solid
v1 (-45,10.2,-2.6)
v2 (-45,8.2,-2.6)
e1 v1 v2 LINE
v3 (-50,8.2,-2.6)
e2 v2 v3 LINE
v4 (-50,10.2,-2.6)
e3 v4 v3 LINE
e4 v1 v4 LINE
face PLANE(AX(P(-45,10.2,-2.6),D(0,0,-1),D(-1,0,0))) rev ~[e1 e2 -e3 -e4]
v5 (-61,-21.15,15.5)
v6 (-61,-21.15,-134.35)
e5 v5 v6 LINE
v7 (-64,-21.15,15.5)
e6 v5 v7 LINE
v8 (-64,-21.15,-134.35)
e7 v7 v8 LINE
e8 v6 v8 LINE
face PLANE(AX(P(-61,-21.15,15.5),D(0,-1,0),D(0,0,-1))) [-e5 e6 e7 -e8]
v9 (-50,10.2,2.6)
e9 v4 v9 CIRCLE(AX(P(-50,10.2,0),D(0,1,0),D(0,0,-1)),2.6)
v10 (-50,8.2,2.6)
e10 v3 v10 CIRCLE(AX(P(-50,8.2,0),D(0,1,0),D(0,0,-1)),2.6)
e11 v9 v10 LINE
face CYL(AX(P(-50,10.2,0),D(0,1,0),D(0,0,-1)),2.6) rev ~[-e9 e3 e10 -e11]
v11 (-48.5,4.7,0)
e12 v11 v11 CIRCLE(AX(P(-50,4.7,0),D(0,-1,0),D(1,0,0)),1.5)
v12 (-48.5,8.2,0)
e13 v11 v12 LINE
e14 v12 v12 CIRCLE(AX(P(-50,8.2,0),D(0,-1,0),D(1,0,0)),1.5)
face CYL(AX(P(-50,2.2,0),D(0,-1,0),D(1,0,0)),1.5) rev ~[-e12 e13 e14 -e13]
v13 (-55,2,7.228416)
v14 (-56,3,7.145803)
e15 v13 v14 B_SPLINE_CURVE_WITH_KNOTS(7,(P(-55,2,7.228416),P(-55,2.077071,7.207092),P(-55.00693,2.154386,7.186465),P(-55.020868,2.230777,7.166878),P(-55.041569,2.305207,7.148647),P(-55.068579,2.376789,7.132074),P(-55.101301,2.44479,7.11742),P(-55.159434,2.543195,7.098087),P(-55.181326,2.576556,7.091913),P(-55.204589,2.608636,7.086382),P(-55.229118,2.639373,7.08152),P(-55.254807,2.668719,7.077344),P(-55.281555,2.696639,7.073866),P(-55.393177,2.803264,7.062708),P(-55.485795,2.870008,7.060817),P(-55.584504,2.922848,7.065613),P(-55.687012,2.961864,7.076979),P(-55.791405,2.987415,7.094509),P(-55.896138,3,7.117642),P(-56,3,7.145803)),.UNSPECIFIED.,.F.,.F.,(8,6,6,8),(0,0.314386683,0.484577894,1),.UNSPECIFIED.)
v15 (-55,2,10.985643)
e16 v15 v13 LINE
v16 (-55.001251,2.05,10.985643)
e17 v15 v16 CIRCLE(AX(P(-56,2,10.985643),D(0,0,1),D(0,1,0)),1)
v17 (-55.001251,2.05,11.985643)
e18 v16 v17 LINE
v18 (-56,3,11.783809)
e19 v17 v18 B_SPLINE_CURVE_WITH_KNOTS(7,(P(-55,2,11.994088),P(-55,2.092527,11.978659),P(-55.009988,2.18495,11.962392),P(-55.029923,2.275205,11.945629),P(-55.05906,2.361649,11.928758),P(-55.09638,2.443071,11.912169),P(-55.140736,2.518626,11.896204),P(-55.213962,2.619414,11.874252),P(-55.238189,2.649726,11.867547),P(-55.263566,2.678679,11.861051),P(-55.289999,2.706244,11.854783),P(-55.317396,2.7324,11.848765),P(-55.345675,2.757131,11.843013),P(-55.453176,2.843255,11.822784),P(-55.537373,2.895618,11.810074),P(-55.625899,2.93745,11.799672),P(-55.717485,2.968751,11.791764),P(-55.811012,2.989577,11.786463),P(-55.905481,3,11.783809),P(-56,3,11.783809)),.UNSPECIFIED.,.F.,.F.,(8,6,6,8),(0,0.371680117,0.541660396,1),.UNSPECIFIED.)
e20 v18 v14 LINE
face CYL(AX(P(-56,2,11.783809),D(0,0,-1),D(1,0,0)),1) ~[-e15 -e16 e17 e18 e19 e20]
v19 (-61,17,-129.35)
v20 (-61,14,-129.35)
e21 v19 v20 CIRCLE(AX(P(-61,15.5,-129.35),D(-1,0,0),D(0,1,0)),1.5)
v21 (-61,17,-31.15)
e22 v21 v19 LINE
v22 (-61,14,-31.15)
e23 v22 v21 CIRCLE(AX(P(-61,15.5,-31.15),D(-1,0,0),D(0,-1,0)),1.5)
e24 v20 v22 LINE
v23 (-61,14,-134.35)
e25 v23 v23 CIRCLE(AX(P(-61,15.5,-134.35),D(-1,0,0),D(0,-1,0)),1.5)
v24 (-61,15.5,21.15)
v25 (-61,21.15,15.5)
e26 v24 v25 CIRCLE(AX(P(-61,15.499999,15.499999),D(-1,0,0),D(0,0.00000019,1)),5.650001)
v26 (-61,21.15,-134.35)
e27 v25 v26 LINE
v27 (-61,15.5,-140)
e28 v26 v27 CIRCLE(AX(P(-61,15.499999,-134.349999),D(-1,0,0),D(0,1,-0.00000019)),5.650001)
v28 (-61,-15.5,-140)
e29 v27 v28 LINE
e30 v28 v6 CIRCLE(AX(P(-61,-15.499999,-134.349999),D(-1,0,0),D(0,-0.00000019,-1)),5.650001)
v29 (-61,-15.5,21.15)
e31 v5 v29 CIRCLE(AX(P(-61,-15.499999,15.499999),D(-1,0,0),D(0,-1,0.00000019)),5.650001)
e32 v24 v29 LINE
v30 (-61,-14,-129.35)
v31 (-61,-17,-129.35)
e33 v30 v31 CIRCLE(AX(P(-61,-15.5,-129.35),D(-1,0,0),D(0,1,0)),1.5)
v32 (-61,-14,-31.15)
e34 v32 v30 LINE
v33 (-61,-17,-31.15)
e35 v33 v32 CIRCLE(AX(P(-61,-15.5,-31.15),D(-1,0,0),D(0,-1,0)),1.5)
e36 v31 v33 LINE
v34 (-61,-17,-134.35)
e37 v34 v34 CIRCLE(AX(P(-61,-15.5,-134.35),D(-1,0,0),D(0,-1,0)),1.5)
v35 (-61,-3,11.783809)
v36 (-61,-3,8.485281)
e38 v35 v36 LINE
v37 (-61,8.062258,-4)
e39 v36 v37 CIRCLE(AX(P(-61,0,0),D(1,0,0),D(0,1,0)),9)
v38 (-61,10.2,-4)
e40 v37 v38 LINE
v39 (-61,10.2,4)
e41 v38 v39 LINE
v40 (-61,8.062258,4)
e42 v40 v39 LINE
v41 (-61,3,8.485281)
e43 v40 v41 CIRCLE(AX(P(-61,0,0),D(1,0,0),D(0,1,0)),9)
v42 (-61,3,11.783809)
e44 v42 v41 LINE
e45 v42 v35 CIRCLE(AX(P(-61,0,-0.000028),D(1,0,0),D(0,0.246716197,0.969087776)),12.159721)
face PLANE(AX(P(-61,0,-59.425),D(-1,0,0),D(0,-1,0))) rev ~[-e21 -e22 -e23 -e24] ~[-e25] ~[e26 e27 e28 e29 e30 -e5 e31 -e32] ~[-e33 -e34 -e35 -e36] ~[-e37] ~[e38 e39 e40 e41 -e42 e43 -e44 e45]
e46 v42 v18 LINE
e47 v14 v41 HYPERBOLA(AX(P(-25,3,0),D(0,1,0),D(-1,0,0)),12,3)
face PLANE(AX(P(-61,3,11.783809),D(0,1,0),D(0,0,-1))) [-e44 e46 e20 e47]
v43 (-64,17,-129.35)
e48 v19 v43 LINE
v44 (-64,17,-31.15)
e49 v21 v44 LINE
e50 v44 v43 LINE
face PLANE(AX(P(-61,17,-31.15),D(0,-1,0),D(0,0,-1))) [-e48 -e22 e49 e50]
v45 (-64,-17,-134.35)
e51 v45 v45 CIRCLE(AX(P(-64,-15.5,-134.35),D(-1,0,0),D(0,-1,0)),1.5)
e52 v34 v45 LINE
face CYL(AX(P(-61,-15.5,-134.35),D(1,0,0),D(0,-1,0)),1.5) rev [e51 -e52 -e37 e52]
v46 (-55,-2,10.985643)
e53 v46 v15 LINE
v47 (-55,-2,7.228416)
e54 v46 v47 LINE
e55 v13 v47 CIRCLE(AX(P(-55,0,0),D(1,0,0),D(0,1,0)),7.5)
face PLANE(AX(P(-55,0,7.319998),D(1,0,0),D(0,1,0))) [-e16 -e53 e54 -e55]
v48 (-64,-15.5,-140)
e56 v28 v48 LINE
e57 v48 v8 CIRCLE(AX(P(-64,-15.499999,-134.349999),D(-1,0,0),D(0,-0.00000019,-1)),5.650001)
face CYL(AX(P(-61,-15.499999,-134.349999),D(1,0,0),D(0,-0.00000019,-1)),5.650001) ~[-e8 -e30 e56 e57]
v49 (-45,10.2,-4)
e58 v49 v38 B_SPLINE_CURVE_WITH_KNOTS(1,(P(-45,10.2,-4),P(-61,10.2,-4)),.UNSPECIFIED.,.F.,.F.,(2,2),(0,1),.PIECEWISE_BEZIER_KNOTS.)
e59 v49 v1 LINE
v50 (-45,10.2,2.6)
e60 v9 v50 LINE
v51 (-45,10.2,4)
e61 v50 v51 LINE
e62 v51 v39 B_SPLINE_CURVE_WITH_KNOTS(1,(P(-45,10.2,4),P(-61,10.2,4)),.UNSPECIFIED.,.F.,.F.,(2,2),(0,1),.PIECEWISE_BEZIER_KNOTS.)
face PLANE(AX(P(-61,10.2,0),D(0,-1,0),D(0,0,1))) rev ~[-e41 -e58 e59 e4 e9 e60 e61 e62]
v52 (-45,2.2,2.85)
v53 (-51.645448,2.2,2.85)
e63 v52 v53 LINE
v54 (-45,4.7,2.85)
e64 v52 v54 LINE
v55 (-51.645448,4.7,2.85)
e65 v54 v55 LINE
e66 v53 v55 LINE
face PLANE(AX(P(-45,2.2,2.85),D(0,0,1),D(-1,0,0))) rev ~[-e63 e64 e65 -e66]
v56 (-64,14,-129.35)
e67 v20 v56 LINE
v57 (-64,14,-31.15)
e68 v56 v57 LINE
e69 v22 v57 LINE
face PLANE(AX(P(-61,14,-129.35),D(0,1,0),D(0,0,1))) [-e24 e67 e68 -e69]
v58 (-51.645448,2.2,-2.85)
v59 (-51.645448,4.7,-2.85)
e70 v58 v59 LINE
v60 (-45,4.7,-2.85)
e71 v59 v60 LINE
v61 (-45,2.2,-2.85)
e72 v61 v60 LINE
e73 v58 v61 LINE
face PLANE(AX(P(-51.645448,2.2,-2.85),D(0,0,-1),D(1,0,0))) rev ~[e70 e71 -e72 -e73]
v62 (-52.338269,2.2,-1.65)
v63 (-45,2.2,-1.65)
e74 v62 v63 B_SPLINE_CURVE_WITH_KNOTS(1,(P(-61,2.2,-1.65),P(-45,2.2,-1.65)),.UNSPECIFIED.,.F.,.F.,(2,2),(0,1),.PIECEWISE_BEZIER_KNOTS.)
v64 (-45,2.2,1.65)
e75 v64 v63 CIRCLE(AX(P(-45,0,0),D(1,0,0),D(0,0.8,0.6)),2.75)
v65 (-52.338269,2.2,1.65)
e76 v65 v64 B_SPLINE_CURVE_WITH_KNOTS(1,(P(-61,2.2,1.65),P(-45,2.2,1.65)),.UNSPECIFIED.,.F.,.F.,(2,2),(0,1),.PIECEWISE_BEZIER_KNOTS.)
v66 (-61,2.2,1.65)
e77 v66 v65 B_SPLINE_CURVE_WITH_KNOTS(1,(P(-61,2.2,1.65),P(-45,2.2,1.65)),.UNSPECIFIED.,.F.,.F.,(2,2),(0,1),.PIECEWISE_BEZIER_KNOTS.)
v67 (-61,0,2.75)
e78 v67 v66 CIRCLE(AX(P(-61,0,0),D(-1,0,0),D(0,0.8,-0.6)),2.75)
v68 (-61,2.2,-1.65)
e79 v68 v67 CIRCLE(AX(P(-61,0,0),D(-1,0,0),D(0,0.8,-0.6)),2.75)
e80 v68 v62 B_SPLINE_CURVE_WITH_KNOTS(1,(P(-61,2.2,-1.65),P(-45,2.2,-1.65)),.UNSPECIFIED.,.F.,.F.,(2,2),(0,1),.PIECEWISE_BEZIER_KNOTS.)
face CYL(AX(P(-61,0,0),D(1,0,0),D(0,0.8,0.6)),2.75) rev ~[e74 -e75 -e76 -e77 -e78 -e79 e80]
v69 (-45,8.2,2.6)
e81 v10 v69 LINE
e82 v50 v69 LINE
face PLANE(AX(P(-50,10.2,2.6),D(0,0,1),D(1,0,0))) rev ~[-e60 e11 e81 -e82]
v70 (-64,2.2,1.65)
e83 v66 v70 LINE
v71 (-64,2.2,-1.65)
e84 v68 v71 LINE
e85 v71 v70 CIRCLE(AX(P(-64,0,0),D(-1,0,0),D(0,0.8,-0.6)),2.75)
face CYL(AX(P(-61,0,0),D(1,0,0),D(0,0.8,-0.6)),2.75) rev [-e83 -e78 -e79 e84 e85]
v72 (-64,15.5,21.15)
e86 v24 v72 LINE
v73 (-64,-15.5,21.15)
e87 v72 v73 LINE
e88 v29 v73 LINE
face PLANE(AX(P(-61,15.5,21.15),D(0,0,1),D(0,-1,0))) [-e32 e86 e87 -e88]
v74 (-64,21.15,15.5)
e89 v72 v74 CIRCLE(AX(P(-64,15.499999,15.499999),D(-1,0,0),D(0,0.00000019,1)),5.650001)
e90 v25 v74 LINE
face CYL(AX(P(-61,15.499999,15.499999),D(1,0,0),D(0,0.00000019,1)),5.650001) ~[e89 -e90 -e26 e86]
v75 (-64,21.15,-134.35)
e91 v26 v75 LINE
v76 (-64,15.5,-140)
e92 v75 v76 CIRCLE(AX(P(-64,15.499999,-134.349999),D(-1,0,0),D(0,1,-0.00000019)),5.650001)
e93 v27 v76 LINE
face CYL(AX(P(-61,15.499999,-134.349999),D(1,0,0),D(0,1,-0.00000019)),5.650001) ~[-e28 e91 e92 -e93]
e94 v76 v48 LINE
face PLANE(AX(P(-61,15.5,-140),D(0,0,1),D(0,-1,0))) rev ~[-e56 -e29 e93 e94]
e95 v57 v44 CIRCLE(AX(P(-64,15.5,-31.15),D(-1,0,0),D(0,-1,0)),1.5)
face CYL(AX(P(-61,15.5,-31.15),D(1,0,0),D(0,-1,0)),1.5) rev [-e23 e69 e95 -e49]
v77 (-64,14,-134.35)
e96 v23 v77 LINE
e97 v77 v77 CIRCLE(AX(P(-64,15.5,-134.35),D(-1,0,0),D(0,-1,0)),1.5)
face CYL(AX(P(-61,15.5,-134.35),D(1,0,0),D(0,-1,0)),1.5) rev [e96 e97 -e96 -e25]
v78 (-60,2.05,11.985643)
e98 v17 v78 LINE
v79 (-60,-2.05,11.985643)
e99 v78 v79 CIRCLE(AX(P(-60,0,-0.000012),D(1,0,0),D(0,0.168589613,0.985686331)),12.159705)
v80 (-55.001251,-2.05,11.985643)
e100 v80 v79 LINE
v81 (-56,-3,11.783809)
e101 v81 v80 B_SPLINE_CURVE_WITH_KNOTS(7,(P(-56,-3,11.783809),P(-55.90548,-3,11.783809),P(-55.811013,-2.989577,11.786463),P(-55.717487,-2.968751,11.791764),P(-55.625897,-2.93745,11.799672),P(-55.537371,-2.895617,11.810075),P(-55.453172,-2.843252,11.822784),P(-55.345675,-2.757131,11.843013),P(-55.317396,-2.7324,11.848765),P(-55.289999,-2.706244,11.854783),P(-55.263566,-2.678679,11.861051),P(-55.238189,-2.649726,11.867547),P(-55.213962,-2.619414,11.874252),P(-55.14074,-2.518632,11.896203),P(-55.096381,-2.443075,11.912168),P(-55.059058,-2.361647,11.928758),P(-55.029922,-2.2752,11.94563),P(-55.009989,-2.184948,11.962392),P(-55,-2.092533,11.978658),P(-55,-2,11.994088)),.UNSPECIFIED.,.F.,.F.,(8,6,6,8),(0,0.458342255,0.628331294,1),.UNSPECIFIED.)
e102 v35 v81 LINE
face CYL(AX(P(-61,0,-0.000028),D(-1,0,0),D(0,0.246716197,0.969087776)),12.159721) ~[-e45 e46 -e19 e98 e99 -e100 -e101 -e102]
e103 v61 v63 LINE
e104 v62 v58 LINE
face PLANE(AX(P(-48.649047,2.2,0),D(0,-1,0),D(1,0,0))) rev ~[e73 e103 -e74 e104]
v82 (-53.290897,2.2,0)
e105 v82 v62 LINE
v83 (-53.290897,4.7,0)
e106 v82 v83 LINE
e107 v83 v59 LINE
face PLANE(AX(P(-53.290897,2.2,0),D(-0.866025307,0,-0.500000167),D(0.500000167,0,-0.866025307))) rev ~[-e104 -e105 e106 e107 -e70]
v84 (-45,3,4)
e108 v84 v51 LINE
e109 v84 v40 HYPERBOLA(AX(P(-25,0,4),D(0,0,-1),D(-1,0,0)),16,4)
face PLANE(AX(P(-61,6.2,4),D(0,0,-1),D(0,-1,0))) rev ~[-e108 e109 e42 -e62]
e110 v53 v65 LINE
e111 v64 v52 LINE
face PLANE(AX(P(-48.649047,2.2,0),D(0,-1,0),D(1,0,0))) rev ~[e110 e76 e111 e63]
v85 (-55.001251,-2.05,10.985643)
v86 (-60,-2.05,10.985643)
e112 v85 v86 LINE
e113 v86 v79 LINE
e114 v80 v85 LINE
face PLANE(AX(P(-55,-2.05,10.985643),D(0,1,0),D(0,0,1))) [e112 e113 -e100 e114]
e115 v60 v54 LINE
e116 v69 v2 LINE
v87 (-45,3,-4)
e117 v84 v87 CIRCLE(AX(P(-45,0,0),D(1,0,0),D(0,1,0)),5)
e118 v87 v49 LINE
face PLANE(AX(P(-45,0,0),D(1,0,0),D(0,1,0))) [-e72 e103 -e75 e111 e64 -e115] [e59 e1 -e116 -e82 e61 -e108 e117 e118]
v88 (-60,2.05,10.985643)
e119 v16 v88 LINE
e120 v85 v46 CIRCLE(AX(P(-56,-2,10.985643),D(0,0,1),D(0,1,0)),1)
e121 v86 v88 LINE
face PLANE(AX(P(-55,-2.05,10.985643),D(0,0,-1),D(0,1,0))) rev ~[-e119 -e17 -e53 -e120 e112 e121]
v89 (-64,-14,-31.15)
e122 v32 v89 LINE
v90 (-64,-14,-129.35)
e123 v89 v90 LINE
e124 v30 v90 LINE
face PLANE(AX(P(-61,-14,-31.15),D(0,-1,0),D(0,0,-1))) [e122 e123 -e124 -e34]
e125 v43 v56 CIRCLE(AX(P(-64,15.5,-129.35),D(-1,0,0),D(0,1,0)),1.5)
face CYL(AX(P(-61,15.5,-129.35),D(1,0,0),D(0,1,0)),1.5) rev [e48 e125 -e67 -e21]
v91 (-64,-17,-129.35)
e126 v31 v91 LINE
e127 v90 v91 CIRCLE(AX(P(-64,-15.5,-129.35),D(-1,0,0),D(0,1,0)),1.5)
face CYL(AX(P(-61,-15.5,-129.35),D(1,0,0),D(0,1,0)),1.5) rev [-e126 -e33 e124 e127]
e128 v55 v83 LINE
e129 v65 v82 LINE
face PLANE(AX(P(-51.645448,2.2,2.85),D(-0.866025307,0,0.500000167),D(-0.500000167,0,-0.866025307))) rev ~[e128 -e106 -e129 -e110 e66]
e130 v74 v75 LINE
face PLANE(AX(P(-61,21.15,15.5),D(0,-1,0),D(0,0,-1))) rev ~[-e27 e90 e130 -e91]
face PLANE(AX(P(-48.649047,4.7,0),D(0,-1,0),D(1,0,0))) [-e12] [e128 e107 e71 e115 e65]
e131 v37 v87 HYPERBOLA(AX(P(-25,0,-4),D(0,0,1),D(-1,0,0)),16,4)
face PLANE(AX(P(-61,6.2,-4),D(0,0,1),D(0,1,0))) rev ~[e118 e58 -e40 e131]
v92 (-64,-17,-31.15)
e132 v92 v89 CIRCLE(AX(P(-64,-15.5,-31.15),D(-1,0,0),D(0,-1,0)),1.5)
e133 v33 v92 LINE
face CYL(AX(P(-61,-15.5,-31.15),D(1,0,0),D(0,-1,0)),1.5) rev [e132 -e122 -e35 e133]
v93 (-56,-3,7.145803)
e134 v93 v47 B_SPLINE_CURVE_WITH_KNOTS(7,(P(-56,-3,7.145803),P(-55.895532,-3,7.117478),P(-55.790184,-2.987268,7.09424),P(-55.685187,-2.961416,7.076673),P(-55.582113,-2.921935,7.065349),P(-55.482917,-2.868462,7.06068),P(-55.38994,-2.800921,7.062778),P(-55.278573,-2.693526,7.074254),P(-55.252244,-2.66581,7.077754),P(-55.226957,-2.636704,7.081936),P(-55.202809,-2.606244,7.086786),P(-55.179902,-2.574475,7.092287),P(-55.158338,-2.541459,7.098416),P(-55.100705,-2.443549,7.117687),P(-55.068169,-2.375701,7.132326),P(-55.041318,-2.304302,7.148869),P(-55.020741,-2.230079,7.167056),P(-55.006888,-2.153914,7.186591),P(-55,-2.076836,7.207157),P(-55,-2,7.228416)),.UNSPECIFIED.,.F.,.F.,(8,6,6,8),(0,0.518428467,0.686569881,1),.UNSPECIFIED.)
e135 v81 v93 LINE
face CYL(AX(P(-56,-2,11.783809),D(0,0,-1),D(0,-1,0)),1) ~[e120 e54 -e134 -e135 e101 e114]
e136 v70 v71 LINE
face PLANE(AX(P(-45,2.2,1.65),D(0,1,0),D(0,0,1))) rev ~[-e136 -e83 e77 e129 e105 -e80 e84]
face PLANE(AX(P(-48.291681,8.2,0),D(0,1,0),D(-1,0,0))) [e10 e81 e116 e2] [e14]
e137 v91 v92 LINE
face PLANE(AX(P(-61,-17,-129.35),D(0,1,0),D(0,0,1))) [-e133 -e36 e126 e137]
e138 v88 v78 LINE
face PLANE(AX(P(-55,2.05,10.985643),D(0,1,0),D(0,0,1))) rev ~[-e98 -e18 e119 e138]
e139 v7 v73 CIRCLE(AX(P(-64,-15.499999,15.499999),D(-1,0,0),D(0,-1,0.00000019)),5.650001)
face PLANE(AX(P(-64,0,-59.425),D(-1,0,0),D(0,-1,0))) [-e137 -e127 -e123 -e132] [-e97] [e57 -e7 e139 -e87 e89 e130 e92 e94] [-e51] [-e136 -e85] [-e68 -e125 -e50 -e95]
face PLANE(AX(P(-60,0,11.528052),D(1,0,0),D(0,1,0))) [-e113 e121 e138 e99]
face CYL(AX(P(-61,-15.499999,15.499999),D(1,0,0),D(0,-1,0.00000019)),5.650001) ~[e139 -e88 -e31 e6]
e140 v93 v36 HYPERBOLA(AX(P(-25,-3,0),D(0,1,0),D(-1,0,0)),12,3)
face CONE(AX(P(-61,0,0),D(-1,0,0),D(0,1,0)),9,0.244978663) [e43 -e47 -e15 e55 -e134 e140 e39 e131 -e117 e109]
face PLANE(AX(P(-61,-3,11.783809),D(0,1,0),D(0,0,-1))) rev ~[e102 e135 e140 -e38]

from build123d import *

# Parameters (mm, degrees)
SKETCH028_R     = 1.5
PAD012_DEPTH    = 3
SKETCH029_R     = 9
SKETCH030_R     = 5
PAD018_DEPTH    = 6
POCKET002_DEPTH = 5
FILLET001_R     = 1
SKETCH052_W     = 8
SKETCH052_H     = 8
SKETCH051_W     = 8
SKETCH051_H     = 8
SKETCH053_R     = 1.5
POCKET003_DEPTH = 15
POCKET004_DEPTH = 2.5
POCKET005_DEPTH = 2


with BuildPart() as part:
    # Sketch028 (on Face1 of Binder008) → Pad012 (new body)
    with BuildSketch(Plane(origin=(-61, 0, 0), x_dir=(0, -1, 0), z_dir=(-1, 0, 0))):
        with BuildLine():
            Line((-21.15, 15.5), (-21.15, -134.35))
            ThreePointArc((-21.15, -134.35), (-19.495153, -138.345153), (-15.5, -140))
            Line((-15.5, -140), (15.5, -140))
            ThreePointArc((15.5, -140), (19.495153, -138.345153), (21.15, -134.35))
            Line((21.15, 15.5), (21.15, -134.35))
            ThreePointArc((21.15, 15.5), (19.495153, 19.495153), (15.5, 21.15))
            Line((-15.5, 21.15), (15.5, 21.15))
            ThreePointArc((-15.5, 21.15), (-19.495153, 19.495153), (-21.15, 15.5))
        make_face()
        with Locations((15.5, -134.35)):
            Circle(SKETCH028_R, mode=Mode.SUBTRACT)
        with Locations((-15.5, -134.35)):
            Circle(SKETCH028_R, mode=Mode.SUBTRACT)
        with BuildLine():
            ThreePointArc((17, -31.15), (15.5, -29.65), (14, -31.15))
            Line((14, -31.15), (14, -129.35))
            ThreePointArc((14, -129.35), (15.5, -130.85), (17, -129.35))
            Line((17, -129.35), (17, -31.15))
        make_face(mode=Mode.SUBTRACT)
        with BuildLine():
            ThreePointArc((-14, -31.15), (-15.5, -29.65), (-17, -31.15))
            Line((-17, -31.15), (-17, -129.35))
            ThreePointArc((-17, -129.35), (-15.5, -130.85), (-14, -129.35))
            Line((-14, -129.35), (-14, -31.15))
        make_face(mode=Mode.SUBTRACT)
        with BuildLine():
            ThreePointArc((-2.2, -1.65), (2.75, 0), (-2.2, 1.65))
            Line((-2.2, 1.65), (-2.2, -1.65))
        make_face(mode=Mode.SUBTRACT)
    extrude(amount=PAD012_DEPTH)

    # Sketch029 (on Face21 of Pad012) → AdditiveLoft002 section 0
    with BuildSketch(Plane.YZ.offset(-61)):
        Circle(SKETCH029_R)
    # Sketch030 (on Face21 of Pad012) → AdditiveLoft002 section 1
    with BuildSketch(Plane.YZ.offset(-45)):
        Circle(SKETCH030_R)
    loft()

    # Sketch033 (on Face21 of Pad012) → SubtractiveLoft section 0
    with BuildSketch(Plane.YZ.offset(-61)):
        with BuildLine():
            ThreePointArc((2.2, 1.65), (-2.75, 0), (2.2, -1.65))
            Line((2.2, 1.65), (2.2, -1.65))
        make_face()
    # Sketch032 (on Binder) → SubtractiveLoft section 1
    with BuildSketch(Plane.YZ.offset(-45)):
        with BuildLine():
            ThreePointArc((2.2, 1.65), (-2.75, 0), (2.2, -1.65))
            Line((2.2, 1.65), (2.2, -1.65))
        make_face()
    loft(mode=Mode.SUBTRACT)

    # Sketch041 (on Face4 of SubtractiveLoft) → Pad018 (join)
    with BuildSketch(Plane.YZ.offset(-61)):
        with BuildLine():
            ThreePointArc((3, 11.783809), (0, 12.159693), (-3, 11.783809))
            Line((-3, 11.783809), (-3, 2.75))
            Line((-3, 2.75), (3, 2.75))
            Line((3, 11.783809), (3, 2.75))
        make_face()
    extrude(amount=PAD018_DEPTH)

    # Sketch042 (on Face28 of Pad018) → Pocket002 (cut)
    with BuildSketch(Plane.YZ.offset(-55)):
        with BuildLine():
            Line((-2.05, 10.985643), (2.05, 10.985643))
            Line((2.05, 10.985643), (2.05, 11.985643))
            ThreePointArc((2.05, 11.985643), (0, 12.159693), (-2.05, 11.985643))
            Line((-2.05, 10.985643), (-2.05, 11.985643))
        make_face()
    extrude(amount=-POCKET002_DEPTH, mode=Mode.SUBTRACT)

    # Fillet001
    fillet001_edges = [part.edges().sort_by_distance(p)[0] for p in [
        (-55, -3, 9.328836),
        (-55, 3, 9.328836),
    ]]
    fillet(fillet001_edges, radius=FILLET001_R)

    # Sketch052 (on Face7 of Fillet001) → AdditiveLoft003 section 0
    with BuildSketch(Plane.YZ.offset(-45)):
        with Locations((6.2, 0)):
            Rectangle(SKETCH052_W, SKETCH052_H)
    # Sketch051 (on Face4 of Fillet001) → AdditiveLoft003 section 1
    with BuildSketch(Plane.YZ.offset(-61)):
        with Locations((6.2, 0)):
            Rectangle(SKETCH051_W, SKETCH051_H)
    loft()

    # Sketch053 (on Face39 of AdditiveLoft003) → Pocket003 (cut)
    with BuildSketch(Plane.XZ.offset(-2.2)):
        with Locations((-50, 0)):
            Circle(SKETCH053_R)
    extrude(amount=-POCKET003_DEPTH, mode=Mode.SUBTRACT)

    # Sketch054 (on Face40 of Pocket003) → Pocket004 (cut)
    with BuildSketch(Plane.XZ.offset(-2.2)):
        Polygon((-51.645448, 2.85), (-53.290897, 0), (-51.645448, -2.85), (-48.354552, -2.85), (-45, -2.85), (-45, 2.85), (-48.354552, 2.85), align=None)
    extrude(amount=-POCKET004_DEPTH, mode=Mode.SUBTRACT)

    # Sketch055 (on Face33 of Pocket004) → Pocket005 (cut)
    with BuildSketch(Plane(origin=(0, 10.2, 0), x_dir=(-1, 0, 0), z_dir=(0, 1, 0))):
        with BuildLine():
            ThreePointArc((50, -2.6), (52.6, 0), (50, 2.6))
            Line((50, 2.6), (45, 2.6))
            Line((45, 2.6), (45, -2.6))
            Line((45, -2.6), (50, -2.6))
        make_face()
    extrude(amount=-POCKET005_DEPTH, mode=Mode.SUBTRACT)


solid = part.part
